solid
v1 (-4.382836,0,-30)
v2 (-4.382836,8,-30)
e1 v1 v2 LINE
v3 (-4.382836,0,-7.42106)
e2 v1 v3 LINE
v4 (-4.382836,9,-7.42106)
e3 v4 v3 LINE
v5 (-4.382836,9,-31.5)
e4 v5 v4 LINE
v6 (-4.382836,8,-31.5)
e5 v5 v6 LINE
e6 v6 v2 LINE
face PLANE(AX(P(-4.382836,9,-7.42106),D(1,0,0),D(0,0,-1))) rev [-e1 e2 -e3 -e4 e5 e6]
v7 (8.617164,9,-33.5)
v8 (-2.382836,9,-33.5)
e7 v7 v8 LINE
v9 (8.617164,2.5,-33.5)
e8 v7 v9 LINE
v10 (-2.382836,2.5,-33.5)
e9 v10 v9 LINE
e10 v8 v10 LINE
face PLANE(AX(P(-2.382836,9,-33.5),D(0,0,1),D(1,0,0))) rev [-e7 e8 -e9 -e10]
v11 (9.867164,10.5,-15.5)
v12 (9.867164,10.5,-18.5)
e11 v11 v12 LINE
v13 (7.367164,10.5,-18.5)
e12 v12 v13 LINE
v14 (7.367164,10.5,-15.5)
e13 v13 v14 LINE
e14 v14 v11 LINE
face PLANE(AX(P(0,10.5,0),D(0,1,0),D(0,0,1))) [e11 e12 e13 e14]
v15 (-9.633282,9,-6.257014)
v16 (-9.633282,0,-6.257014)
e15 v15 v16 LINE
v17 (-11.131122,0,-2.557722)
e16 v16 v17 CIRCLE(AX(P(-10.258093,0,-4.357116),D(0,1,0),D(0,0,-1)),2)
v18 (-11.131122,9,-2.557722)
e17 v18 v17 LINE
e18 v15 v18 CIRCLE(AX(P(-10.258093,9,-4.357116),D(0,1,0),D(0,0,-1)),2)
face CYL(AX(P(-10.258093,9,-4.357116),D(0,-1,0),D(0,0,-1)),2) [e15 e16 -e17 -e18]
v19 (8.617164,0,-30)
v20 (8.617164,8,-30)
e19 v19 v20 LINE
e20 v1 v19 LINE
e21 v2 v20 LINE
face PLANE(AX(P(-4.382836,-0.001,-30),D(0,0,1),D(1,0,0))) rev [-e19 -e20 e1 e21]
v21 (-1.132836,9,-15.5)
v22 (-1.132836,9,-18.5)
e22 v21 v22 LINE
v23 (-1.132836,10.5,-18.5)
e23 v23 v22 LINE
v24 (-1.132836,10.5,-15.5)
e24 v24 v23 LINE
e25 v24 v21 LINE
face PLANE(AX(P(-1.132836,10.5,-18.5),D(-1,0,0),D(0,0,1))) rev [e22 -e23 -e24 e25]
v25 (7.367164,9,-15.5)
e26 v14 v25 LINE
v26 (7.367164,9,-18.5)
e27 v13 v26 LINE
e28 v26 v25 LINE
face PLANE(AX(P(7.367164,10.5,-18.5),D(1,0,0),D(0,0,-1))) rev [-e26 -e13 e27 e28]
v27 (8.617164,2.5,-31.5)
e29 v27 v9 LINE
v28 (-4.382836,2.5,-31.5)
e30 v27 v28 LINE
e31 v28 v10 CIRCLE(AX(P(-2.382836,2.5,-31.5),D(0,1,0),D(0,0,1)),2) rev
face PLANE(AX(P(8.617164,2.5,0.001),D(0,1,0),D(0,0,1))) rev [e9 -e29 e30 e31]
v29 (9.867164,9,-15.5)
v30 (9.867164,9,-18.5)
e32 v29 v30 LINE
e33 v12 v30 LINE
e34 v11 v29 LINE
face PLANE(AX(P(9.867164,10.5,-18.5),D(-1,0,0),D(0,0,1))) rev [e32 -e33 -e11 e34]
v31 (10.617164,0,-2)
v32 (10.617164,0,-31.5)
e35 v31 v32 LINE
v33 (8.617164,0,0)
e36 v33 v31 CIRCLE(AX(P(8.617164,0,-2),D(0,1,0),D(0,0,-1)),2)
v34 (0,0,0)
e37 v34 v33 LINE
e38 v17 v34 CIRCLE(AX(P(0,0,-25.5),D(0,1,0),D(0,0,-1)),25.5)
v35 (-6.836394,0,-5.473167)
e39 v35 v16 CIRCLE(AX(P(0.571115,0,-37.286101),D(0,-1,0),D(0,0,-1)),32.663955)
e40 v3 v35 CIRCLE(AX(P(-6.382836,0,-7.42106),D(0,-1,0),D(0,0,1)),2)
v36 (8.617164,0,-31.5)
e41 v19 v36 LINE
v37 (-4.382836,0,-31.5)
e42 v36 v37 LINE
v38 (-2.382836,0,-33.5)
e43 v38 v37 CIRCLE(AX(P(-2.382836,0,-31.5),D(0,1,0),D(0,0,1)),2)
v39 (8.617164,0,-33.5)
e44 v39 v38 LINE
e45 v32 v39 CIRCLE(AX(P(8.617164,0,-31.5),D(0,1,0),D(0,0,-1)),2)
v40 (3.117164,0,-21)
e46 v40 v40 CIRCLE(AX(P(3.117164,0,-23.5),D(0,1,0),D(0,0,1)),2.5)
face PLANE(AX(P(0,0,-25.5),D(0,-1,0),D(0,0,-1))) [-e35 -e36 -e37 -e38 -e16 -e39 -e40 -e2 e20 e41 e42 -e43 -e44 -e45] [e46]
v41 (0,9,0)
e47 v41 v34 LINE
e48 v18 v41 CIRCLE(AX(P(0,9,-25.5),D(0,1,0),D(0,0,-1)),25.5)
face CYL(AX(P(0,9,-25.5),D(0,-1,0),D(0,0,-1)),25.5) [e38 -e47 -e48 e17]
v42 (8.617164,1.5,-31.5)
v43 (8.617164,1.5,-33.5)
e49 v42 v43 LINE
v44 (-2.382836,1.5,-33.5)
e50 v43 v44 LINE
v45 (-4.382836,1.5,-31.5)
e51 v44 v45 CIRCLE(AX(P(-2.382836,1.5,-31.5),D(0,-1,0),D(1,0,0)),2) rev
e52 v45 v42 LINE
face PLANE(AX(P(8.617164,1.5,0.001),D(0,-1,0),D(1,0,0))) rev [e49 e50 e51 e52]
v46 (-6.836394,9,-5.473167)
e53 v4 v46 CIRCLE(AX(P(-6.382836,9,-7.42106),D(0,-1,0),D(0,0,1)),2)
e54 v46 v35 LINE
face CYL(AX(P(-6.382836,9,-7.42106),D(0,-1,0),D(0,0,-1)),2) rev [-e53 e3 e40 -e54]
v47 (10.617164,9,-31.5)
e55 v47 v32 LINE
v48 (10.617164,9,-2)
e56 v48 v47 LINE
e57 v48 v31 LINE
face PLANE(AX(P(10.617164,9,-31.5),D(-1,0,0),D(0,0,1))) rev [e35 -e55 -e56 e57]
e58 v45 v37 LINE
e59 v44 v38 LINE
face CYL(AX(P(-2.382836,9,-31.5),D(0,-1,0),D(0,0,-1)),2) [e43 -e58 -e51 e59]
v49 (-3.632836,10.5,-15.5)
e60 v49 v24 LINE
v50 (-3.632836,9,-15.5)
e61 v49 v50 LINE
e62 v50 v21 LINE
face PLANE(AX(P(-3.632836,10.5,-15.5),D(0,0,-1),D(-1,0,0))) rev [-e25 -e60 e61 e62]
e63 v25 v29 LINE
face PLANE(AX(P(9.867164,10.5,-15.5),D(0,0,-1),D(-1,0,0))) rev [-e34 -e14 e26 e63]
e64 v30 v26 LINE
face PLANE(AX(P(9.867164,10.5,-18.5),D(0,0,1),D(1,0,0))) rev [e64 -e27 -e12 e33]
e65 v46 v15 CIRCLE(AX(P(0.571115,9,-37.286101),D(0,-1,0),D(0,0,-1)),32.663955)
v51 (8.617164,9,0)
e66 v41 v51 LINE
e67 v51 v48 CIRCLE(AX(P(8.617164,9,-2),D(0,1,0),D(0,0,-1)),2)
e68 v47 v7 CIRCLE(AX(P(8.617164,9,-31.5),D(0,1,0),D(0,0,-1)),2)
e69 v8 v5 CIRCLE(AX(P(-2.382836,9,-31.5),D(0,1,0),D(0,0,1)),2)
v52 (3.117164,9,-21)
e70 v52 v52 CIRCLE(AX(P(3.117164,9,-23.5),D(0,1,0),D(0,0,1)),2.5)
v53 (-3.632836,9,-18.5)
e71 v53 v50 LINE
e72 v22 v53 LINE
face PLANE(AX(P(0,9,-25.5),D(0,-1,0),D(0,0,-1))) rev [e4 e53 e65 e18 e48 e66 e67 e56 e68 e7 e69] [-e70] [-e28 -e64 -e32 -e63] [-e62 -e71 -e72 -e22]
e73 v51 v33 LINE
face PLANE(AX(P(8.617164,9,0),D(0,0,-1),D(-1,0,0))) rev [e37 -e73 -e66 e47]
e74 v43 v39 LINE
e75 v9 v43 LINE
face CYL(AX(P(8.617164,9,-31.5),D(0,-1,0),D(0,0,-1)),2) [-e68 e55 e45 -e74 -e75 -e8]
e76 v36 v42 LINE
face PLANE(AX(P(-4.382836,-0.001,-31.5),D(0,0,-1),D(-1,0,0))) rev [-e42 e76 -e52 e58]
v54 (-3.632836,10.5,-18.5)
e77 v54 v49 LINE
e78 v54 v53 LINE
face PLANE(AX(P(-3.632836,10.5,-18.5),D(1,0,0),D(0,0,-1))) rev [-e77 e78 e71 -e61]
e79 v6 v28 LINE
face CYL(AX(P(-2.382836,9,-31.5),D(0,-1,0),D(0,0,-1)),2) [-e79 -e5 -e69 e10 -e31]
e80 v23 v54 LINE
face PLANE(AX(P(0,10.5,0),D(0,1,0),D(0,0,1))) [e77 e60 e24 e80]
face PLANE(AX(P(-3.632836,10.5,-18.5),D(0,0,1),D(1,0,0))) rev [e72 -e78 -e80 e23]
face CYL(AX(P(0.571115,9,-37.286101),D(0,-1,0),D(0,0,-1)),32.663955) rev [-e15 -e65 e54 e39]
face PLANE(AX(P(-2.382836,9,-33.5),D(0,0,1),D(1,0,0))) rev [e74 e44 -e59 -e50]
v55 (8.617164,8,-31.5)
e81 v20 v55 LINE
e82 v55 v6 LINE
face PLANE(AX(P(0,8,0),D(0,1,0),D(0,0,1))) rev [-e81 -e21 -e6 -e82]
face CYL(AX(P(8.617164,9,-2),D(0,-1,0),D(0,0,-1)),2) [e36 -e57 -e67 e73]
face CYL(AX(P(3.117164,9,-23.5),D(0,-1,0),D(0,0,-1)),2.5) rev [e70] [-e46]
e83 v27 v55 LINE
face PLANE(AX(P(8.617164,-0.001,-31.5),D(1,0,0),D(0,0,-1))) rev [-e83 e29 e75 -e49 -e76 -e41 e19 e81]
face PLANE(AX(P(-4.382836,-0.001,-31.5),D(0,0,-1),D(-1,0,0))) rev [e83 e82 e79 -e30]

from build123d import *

# Parameters (mm, degrees)
SKETCH_1_R          = 2.5
EXTRUDE_1_DEPTH     = 9
SKETCH_3_W          = 2.5
SKETCH_3_H          = 3
EXTRUDE_2_DEPTH     = 1.5
CUT_EXTRUDE_1_REACH = 11
SKETCH_5_W          = 13
SKETCH_5_H          = 1.5
SKETCH_6_W          = 13
SKETCH_6_H          = 1.5
EXTRUDE_3_DEPTH     = 1
CUT_EXTRUDE_2_REACH = 35.5
SKETCH_7_W          = 13
SKETCH_7_H          = 1


with BuildPart() as part:
    # 草图1 → 凸台-拉伸1 (new body)
    with BuildSketch(Plane(origin=(0, 0, 0), x_dir=(1, 0, 0), z_dir=(0, 1, 0))):
        with BuildLine():
            Line((-2.382835885, 33.5), (8.617164115, 33.5))
            ThreePointArc((8.617164115, 33.5), (10.031377677, 32.914213562), (10.617164115, 31.5))
            Line((10.617164115, 31.5), (10.617164115, 2))
            ThreePointArc((10.617164115, 2), (10.031377677, 0.585786438), (8.617164115, 0))
            Line((8.617164115, 0), (0, 0))
            ThreePointArc((0, 0), (-5.710600422, 0.647655185), (-11.131122415, 2.557722132))
            ThreePointArc((-11.131122415, 2.557722132), (-12.111898361, 5.107720531), (-9.633282348, 6.257014206))
            ThreePointArc((-9.633282348, 6.257014206), (-8.243555708, 5.833986106), (-6.836394497, 5.473167269))
            ThreePointArc((-6.836394497, 5.473167269), (-5.139275919, 5.854675685), (-4.382835885, 7.421059613))
            Line((-4.382835885, 7.421059613), (-4.382835885, 31.5))
            ThreePointArc((-4.382835885, 31.5), (-3.797049447, 32.914213562), (-2.382835885, 33.5))
        make_face()
        with Locations((3.117164115, 23.5)):
            Circle(SKETCH_1_R, mode=Mode.SUBTRACT)
    extrude(amount=EXTRUDE_1_DEPTH)

    # 草图3 → 凸台-拉伸2 (add)
    with BuildSketch(Plane(origin=(0, 9, 0), x_dir=(1, 0, 0), z_dir=(0, 1, 0))):
        with Locations((-2.382835885, 17)):
            Rectangle(SKETCH_3_W, SKETCH_3_H)
        with Locations((8.617164115, 17)):
            Rectangle(SKETCH_3_W, SKETCH_3_H)
    extrude(amount=EXTRUDE_2_DEPTH)

    # 草图5 → 切除-拉伸1 (cut, up to next)
    with BuildSketch(Plane(origin=(0, 9, 0), x_dir=(1, 0, 0), z_dir=(0, 1, 0)), mode=Mode.PRIVATE) as cut_extrude_1_sk1:
        with Locations((2.117164115, 30.75)):
            Rectangle(SKETCH_5_W, SKETCH_5_H)
    cut_extrude_1_tool1 = extrude(cut_extrude_1_sk1.sketch, amount=-CUT_EXTRUDE_1_REACH, mode=Mode.PRIVATE) & part.part
    add(cut_extrude_1_tool1.solids().sort_by_distance((2.117164, 9, -30.75))[0], mode=Mode.SUBTRACT)

    # 草图6 → 凸台-拉伸3 (add)
    with BuildSketch(Plane(origin=(0, 9, 0), x_dir=(1, 0, 0), z_dir=(0, 1, 0))):
        with Locations((2.117164115, 30.75)):
            Rectangle(SKETCH_6_W, SKETCH_6_H)
    extrude(amount=-EXTRUDE_3_DEPTH)

    # 草图7 → 切除-拉伸2 (cut, up to next)
    with BuildSketch(Plane(origin=(0, 0, -33.5), x_dir=(-1, 0, 0), z_dir=(0, 0, -1)), mode=Mode.PRIVATE) as cut_extrude_2_sk1:
        with Locations((-2.117164115, 2)):
            Rectangle(SKETCH_7_W, SKETCH_7_H)
    cut_extrude_2_tool1 = extrude(cut_extrude_2_sk1.sketch, amount=-CUT_EXTRUDE_2_REACH, mode=Mode.PRIVATE) & part.part
    add(cut_extrude_2_tool1.solids().sort_by_distance((2.117164, 2, -33.5))[0], mode=Mode.SUBTRACT)


solid = part.part
